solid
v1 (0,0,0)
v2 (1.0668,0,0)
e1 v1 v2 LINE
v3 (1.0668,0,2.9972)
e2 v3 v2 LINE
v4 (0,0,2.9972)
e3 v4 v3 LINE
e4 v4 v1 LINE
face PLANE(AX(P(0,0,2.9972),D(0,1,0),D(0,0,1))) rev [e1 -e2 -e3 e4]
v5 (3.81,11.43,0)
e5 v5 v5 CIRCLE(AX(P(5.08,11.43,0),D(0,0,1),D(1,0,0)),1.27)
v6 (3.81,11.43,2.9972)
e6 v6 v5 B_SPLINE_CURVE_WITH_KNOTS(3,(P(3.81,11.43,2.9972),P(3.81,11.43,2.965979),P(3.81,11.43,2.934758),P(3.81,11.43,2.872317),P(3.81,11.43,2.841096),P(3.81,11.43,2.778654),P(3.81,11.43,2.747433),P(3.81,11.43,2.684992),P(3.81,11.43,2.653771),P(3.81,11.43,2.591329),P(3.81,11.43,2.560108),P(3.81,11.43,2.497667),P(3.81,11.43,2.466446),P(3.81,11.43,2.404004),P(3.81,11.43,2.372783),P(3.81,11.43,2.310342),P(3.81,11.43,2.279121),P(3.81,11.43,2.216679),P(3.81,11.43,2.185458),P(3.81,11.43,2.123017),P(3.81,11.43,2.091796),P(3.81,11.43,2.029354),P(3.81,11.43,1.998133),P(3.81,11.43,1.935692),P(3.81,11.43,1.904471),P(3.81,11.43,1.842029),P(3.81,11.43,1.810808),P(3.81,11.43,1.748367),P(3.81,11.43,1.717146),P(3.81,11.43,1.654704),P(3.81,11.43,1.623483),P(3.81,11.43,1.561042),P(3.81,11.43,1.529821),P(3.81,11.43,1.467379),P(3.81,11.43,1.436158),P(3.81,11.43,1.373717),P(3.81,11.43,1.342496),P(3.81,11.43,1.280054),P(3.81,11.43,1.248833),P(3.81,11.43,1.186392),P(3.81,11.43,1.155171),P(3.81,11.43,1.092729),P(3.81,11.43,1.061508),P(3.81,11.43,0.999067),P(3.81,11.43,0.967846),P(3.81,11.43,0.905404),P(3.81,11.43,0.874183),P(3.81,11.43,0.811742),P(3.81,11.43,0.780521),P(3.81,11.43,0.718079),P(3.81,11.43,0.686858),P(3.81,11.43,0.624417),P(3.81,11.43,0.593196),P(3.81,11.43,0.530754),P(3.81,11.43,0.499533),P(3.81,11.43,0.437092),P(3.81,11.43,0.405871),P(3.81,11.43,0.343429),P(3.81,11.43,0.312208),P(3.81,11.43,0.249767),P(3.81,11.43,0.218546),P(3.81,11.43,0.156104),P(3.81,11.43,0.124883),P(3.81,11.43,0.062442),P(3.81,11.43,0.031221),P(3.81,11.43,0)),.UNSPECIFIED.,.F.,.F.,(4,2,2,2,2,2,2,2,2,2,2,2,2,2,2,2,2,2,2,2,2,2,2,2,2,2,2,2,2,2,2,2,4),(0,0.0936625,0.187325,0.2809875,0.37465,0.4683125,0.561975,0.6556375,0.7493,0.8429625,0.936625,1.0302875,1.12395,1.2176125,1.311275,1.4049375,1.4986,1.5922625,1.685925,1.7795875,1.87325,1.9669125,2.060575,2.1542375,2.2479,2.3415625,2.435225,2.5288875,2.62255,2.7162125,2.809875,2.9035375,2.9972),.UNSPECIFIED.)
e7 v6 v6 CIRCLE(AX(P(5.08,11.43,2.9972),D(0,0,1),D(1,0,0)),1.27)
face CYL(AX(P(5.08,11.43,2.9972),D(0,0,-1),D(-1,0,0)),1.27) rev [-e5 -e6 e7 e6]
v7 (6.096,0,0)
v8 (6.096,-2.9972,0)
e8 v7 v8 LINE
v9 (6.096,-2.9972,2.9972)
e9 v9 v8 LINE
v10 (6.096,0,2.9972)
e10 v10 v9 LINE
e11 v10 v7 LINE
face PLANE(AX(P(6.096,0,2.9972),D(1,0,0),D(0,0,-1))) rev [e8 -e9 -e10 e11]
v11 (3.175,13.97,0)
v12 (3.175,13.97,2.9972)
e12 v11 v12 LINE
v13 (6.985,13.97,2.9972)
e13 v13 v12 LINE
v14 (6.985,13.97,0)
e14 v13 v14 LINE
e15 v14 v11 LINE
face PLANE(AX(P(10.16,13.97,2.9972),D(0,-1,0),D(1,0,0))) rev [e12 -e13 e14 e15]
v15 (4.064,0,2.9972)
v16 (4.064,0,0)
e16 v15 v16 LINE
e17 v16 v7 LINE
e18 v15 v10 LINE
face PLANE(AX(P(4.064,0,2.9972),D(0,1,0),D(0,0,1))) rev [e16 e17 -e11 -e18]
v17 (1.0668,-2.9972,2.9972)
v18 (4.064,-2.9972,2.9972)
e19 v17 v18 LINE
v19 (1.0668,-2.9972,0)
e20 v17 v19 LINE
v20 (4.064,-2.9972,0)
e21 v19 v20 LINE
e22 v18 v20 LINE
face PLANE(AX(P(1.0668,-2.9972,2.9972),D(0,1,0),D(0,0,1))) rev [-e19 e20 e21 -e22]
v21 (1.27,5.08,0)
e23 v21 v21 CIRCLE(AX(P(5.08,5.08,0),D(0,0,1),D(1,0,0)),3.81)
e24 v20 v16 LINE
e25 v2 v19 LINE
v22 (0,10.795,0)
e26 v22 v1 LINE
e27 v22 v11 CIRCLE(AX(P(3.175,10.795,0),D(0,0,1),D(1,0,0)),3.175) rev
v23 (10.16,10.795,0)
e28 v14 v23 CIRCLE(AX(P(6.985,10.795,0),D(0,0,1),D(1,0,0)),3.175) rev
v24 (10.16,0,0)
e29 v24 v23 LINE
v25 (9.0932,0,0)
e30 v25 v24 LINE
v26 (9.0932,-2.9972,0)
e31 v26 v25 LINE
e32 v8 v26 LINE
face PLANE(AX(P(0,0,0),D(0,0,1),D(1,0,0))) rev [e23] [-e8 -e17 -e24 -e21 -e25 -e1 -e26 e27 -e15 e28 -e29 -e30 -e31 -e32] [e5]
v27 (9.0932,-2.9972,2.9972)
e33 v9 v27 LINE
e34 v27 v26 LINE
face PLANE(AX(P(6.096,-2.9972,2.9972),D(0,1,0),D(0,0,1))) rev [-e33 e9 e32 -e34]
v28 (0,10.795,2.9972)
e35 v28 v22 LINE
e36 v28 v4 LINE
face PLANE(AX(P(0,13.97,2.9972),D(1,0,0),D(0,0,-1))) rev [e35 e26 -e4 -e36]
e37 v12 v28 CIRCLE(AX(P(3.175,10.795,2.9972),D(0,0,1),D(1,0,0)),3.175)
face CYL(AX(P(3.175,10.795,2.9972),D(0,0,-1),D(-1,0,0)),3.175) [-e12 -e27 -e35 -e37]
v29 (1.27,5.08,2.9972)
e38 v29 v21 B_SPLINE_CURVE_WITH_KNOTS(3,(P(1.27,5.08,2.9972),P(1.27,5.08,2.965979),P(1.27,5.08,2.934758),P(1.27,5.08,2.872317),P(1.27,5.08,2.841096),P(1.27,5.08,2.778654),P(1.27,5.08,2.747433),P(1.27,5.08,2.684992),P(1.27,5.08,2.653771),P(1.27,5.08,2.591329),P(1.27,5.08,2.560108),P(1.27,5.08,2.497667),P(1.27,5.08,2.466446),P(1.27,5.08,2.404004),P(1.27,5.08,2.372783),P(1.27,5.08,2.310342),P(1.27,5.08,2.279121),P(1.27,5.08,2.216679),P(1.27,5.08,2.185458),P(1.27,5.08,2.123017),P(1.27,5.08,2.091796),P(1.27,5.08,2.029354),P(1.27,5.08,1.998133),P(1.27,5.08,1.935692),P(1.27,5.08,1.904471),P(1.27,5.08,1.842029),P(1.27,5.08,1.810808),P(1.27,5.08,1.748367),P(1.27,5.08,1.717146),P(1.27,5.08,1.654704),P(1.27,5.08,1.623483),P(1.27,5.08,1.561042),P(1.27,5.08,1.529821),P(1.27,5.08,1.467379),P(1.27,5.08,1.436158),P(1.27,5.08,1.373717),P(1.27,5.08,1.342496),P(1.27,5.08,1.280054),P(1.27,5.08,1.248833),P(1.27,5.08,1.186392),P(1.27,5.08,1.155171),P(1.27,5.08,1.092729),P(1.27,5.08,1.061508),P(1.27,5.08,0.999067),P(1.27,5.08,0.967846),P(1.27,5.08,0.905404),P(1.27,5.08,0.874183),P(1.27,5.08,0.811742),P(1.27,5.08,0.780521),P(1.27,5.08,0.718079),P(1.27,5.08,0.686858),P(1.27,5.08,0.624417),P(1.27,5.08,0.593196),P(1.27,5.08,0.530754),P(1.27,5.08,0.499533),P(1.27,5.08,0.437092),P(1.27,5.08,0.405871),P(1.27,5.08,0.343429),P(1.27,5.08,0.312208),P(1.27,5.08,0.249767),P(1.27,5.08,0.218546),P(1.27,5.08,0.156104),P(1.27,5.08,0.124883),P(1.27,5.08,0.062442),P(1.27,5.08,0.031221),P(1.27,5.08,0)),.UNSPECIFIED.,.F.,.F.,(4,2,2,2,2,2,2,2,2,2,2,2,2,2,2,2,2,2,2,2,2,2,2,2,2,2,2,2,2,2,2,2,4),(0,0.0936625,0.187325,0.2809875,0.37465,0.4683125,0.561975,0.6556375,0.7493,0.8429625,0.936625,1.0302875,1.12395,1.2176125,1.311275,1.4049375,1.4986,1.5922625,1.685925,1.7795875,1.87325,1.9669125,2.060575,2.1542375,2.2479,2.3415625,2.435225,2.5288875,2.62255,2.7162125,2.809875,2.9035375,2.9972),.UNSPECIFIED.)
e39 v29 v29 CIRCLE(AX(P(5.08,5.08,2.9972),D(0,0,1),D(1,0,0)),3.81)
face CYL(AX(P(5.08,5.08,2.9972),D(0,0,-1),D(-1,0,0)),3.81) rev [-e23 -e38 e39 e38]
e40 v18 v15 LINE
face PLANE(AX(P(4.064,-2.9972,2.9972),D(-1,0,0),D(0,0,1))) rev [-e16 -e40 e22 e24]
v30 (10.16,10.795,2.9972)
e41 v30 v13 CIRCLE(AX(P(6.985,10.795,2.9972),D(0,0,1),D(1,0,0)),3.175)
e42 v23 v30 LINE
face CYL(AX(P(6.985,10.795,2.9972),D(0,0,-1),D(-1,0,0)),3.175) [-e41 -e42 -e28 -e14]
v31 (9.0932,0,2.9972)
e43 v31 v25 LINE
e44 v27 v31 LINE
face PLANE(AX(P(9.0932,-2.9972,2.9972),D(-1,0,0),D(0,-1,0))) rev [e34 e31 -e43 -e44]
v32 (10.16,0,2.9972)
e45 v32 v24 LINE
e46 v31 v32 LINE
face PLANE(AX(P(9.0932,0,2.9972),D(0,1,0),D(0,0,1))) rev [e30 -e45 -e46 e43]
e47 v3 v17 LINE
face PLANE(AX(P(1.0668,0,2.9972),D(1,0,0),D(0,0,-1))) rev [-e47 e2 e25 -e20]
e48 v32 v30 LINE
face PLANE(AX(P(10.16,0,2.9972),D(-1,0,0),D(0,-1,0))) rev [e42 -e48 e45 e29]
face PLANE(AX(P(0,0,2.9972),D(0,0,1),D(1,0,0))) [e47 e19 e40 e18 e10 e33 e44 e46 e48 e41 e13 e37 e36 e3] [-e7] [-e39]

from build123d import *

# Parameters (mm, degrees)
SKETCH1_R           = 3.81
SKETCH1_R_2         = 1.27
BOSS_EXTRUDE1_DEPTH = 2.9972
FILLET1_R           = 3.175


with BuildPart() as part:
    # Sketch1 → Boss-Extrude1 (new body)
    with BuildSketch(Plane.XY):
        Polygon((0, 0), (1.0668, 0), (1.0668, -2.9972), (4.064, -2.9972), (4.064, 0), (6.096, 0), (6.096, -2.9972), (9.0932, -2.9972), (9.0932, 0), (10.16, 0), (10.16, 13.97), (0, 13.97), align=None)
        with Locations(Location((5.08, 5.08, 0), (0, 0, 180))):
            Circle(SKETCH1_R, mode=Mode.SUBTRACT)
        with Locations(Location((5.08, 11.43, 0), (0, 0, 180))):
            Circle(SKETCH1_R_2, mode=Mode.SUBTRACT)
    extrude(amount=BOSS_EXTRUDE1_DEPTH)

    # Fillet1
    fillet1_edges = [part.edges().sort_by_distance(p)[0] for p in [
        (0, 13.97, 1.4986),
        (10.16, 13.97, 1.4986),
    ]]
    fillet(fillet1_edges, radius=FILLET1_R)


solid = part.part
